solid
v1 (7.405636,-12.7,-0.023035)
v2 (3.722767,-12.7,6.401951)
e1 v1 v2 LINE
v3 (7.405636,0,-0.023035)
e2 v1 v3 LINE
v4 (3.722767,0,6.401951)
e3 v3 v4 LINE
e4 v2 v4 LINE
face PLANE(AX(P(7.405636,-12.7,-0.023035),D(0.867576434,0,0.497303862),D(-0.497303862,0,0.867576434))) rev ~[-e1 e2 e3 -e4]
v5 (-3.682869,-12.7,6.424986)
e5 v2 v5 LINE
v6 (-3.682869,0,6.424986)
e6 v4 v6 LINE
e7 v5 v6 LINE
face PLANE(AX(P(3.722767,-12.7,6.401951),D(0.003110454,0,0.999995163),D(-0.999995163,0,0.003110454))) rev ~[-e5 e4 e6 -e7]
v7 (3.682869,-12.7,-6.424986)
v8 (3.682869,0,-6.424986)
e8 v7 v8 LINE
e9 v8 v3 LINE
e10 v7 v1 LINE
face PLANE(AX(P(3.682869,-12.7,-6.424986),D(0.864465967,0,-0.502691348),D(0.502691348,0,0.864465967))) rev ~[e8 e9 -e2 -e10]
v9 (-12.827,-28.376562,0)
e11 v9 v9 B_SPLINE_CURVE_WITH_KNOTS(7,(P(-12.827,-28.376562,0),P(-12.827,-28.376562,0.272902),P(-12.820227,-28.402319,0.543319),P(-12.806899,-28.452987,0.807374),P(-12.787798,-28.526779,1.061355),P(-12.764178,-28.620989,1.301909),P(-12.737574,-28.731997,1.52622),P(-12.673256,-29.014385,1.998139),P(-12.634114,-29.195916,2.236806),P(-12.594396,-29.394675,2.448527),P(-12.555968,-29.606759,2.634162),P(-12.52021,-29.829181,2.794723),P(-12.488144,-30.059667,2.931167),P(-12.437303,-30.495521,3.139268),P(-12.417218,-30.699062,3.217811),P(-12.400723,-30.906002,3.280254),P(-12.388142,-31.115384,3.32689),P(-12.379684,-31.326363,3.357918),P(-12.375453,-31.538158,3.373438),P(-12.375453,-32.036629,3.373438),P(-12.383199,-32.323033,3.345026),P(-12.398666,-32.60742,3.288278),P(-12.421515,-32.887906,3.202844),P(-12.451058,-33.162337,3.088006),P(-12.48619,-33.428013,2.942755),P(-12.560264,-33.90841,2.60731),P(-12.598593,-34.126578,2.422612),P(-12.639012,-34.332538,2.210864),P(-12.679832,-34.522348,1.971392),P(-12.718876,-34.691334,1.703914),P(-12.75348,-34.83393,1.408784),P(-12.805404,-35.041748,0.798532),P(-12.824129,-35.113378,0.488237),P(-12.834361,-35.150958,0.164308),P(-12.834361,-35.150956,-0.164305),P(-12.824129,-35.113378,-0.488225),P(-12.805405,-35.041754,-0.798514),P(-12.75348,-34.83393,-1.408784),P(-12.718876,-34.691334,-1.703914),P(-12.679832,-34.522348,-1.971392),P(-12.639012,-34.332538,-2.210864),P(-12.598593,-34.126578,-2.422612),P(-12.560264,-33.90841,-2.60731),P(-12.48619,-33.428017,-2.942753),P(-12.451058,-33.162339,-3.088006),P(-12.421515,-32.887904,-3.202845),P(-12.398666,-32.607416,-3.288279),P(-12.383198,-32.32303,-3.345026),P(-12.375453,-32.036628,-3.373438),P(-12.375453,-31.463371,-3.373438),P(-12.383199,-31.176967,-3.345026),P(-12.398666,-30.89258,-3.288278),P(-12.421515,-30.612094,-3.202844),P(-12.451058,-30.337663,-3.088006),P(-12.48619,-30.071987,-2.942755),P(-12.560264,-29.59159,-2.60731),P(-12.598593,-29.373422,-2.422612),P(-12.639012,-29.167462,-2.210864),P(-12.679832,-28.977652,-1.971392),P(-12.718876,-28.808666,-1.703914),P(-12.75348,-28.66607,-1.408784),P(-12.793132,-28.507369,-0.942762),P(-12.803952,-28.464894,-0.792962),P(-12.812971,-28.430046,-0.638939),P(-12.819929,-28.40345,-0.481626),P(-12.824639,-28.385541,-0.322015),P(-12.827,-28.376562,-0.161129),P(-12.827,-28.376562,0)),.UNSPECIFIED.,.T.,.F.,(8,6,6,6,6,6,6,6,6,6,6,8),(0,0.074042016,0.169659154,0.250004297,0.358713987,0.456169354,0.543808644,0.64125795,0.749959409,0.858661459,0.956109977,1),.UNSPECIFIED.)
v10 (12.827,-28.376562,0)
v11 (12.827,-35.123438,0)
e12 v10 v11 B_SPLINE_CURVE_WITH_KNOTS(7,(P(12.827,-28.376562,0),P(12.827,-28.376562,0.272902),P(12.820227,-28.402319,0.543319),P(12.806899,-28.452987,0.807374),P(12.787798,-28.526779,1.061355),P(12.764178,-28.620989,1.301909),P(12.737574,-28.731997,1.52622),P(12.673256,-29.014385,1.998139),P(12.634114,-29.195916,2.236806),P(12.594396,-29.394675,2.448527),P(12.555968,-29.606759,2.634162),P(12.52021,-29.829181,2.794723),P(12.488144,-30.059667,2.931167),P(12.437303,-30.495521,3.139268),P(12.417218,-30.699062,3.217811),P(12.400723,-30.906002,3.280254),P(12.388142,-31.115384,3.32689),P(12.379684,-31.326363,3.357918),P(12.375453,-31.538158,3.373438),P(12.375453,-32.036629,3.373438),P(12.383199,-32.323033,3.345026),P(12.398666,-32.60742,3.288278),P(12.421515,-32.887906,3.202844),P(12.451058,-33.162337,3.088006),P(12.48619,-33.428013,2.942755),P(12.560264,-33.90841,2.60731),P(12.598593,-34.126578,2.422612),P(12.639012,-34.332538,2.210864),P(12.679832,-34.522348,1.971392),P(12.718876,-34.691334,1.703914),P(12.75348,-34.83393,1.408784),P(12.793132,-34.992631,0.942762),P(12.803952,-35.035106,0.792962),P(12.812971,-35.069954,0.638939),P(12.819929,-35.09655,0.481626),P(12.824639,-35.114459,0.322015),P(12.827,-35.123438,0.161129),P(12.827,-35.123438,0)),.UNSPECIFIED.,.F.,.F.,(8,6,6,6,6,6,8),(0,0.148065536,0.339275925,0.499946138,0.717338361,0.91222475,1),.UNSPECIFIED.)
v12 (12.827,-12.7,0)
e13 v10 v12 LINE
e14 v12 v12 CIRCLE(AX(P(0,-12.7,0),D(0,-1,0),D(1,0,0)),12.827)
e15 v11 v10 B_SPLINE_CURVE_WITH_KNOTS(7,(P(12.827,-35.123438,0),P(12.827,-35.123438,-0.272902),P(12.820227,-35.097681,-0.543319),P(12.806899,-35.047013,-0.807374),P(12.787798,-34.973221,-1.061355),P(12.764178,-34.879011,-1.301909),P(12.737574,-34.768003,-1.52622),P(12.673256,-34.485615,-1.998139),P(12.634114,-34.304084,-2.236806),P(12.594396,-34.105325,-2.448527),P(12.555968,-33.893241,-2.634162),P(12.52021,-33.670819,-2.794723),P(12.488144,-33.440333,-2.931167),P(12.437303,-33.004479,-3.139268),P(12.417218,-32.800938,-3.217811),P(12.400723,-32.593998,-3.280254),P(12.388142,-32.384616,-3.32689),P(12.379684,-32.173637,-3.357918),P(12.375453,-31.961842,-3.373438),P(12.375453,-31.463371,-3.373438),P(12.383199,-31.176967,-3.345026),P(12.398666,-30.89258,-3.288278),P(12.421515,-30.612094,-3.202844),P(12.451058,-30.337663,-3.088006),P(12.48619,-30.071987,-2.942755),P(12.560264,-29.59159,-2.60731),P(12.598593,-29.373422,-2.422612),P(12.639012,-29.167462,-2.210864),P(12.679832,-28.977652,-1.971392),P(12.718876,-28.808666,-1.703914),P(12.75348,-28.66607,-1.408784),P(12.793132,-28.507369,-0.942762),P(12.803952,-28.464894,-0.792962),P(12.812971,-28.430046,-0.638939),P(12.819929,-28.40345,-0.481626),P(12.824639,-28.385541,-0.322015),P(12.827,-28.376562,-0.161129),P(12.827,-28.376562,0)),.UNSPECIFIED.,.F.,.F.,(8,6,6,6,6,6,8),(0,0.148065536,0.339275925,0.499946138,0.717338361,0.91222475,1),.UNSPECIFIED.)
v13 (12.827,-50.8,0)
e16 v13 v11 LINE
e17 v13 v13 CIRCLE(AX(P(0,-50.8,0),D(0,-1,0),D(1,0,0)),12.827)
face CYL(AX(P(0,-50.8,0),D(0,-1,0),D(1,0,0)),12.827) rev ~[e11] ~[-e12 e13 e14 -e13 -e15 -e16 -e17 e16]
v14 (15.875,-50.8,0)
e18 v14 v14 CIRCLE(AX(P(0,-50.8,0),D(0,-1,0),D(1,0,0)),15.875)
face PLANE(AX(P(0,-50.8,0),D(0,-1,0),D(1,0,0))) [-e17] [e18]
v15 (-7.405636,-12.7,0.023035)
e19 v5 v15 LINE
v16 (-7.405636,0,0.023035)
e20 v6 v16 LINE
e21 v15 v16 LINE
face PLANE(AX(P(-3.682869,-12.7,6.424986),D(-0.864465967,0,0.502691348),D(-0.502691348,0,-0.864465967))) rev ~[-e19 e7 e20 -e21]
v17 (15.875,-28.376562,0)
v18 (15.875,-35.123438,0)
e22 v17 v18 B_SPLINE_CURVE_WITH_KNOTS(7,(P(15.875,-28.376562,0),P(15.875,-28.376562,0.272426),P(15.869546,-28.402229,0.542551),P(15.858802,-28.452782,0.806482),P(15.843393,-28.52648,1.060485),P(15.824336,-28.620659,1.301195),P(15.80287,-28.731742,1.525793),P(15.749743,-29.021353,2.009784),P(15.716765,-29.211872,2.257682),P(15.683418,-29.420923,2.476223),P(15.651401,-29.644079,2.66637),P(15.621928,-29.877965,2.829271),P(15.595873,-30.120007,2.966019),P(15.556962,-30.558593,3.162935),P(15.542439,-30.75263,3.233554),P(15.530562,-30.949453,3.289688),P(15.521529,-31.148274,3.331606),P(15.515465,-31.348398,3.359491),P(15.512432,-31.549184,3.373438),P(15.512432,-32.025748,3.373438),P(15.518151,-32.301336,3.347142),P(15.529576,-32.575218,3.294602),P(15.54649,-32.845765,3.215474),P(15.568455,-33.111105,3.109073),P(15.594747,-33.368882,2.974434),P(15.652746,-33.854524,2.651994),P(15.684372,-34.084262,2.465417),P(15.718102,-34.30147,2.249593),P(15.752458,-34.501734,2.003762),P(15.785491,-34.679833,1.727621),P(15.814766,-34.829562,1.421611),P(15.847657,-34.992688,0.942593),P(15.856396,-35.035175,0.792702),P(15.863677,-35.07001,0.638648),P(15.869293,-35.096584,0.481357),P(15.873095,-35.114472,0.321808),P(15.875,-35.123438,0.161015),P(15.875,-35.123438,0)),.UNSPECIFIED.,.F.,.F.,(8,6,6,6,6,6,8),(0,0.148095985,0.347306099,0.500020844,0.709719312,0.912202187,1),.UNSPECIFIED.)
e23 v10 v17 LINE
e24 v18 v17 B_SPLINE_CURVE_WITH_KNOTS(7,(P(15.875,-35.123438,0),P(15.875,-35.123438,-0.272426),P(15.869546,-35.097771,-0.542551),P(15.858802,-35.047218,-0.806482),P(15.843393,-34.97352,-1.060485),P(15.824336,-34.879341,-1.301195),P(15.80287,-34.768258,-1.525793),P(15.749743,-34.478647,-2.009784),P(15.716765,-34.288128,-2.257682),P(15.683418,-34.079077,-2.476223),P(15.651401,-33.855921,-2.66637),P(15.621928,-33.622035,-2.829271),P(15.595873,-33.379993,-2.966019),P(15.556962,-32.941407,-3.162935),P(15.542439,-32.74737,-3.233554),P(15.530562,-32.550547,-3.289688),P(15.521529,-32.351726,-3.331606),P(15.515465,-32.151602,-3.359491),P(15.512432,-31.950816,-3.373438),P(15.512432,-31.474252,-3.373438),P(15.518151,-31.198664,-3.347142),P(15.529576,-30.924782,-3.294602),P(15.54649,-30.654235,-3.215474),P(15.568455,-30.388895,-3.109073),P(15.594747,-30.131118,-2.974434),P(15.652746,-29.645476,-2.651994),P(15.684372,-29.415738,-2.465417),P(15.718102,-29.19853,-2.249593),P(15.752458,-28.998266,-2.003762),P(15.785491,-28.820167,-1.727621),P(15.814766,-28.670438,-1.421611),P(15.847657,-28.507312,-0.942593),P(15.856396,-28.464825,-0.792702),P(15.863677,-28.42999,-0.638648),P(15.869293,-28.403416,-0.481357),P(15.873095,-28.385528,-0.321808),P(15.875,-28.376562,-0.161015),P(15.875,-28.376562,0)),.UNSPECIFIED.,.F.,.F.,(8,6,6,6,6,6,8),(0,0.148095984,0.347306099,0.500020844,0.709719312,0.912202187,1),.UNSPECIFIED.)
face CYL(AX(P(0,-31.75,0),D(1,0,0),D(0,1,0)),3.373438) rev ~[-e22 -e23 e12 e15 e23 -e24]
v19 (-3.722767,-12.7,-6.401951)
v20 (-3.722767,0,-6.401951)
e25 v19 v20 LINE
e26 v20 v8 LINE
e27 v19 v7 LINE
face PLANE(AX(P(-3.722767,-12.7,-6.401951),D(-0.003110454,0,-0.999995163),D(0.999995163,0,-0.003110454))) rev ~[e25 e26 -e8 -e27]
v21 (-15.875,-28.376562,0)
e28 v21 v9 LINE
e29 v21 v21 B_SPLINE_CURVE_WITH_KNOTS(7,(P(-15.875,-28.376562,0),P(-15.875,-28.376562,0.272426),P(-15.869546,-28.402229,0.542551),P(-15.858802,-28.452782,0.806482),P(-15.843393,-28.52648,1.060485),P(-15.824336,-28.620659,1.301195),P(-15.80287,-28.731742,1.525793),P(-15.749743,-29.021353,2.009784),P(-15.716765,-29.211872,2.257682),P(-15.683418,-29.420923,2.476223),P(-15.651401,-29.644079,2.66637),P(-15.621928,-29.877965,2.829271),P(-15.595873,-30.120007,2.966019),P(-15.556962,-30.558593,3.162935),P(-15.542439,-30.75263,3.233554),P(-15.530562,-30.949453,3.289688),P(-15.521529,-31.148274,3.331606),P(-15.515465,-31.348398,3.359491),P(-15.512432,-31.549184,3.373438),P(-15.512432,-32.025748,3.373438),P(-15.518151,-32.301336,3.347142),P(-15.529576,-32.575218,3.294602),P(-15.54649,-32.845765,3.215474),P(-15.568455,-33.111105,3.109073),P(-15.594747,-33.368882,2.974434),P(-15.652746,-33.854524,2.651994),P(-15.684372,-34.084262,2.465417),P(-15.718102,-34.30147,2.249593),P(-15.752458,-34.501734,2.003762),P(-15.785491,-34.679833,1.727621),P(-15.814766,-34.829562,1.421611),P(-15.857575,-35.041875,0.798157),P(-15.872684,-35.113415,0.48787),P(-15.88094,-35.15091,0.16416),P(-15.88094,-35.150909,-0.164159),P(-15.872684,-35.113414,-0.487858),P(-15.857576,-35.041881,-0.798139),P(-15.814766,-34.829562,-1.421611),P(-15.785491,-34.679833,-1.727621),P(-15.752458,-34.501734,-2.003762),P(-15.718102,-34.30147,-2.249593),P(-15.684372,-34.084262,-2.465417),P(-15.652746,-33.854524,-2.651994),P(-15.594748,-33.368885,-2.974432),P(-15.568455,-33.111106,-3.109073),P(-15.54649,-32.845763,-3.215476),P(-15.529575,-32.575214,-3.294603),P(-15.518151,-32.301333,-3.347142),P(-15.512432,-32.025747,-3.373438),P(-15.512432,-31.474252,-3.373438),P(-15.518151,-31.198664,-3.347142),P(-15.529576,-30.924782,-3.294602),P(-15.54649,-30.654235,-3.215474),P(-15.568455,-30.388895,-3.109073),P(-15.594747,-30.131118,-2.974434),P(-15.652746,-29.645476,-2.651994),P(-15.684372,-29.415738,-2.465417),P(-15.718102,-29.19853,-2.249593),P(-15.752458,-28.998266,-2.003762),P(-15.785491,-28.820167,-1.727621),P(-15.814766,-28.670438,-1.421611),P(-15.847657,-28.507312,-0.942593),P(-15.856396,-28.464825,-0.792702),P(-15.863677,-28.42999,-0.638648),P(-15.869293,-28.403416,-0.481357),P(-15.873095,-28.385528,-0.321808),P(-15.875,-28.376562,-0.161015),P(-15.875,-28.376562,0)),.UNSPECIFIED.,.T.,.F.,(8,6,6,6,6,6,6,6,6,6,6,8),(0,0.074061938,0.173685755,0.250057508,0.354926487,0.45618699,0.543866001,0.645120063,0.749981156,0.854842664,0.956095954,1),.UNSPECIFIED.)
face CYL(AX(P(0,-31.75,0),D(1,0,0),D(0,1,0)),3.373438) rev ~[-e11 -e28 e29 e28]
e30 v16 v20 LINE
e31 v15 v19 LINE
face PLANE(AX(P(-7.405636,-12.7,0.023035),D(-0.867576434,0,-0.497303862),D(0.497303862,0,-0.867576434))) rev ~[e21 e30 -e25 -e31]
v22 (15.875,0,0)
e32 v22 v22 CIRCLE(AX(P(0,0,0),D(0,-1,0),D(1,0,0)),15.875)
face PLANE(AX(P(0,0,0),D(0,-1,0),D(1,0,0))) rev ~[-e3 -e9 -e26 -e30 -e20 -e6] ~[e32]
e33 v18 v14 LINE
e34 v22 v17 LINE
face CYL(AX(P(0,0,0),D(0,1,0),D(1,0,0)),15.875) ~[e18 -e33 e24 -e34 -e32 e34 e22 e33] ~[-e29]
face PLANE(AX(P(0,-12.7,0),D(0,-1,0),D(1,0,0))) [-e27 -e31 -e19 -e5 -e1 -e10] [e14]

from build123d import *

# Parameters (mm, degrees)
F0_R     = 15.875
F1_DEPTH = 50.8
F2_R     = 12.827
F3_DEPTH = 38.1
F5_DEPTH = 12.7
F6_R     = 3.373438
F7_DEPTH = 15.875


with BuildPart() as f1:
    # F0 (on Front) → F1 (new body)
    with BuildSketch(Plane.XZ):
        Circle(F0_R)
    extrude(amount=F1_DEPTH)

    # F2 (on face) → F3 (cut)
    with BuildSketch(Plane.XZ.offset(50.8)):
        Circle(F2_R)
    extrude(amount=-F3_DEPTH, mode=Mode.SUBTRACT)

    # F4 (on face) → F5 (cut)
    with BuildSketch(Plane.XZ.offset(12.7)):
        Polygon((7.405636, -0.023035), (3.722767, 6.401951), (-3.682869, 6.424986), (-7.405636, 0.023035), (-3.722767, -6.401951), (3.682869, -6.424986), align=None)
    extrude(amount=-F5_DEPTH, mode=Mode.SUBTRACT)

    # F6 (on Right) → F7 (cut, symmetric)
    with BuildSketch(Plane.YZ):
        with Locations((-31.75, 0)):
            Circle(F6_R)
    extrude(amount=F7_DEPTH, both=True, mode=Mode.SUBTRACT)


solid = f1.part
